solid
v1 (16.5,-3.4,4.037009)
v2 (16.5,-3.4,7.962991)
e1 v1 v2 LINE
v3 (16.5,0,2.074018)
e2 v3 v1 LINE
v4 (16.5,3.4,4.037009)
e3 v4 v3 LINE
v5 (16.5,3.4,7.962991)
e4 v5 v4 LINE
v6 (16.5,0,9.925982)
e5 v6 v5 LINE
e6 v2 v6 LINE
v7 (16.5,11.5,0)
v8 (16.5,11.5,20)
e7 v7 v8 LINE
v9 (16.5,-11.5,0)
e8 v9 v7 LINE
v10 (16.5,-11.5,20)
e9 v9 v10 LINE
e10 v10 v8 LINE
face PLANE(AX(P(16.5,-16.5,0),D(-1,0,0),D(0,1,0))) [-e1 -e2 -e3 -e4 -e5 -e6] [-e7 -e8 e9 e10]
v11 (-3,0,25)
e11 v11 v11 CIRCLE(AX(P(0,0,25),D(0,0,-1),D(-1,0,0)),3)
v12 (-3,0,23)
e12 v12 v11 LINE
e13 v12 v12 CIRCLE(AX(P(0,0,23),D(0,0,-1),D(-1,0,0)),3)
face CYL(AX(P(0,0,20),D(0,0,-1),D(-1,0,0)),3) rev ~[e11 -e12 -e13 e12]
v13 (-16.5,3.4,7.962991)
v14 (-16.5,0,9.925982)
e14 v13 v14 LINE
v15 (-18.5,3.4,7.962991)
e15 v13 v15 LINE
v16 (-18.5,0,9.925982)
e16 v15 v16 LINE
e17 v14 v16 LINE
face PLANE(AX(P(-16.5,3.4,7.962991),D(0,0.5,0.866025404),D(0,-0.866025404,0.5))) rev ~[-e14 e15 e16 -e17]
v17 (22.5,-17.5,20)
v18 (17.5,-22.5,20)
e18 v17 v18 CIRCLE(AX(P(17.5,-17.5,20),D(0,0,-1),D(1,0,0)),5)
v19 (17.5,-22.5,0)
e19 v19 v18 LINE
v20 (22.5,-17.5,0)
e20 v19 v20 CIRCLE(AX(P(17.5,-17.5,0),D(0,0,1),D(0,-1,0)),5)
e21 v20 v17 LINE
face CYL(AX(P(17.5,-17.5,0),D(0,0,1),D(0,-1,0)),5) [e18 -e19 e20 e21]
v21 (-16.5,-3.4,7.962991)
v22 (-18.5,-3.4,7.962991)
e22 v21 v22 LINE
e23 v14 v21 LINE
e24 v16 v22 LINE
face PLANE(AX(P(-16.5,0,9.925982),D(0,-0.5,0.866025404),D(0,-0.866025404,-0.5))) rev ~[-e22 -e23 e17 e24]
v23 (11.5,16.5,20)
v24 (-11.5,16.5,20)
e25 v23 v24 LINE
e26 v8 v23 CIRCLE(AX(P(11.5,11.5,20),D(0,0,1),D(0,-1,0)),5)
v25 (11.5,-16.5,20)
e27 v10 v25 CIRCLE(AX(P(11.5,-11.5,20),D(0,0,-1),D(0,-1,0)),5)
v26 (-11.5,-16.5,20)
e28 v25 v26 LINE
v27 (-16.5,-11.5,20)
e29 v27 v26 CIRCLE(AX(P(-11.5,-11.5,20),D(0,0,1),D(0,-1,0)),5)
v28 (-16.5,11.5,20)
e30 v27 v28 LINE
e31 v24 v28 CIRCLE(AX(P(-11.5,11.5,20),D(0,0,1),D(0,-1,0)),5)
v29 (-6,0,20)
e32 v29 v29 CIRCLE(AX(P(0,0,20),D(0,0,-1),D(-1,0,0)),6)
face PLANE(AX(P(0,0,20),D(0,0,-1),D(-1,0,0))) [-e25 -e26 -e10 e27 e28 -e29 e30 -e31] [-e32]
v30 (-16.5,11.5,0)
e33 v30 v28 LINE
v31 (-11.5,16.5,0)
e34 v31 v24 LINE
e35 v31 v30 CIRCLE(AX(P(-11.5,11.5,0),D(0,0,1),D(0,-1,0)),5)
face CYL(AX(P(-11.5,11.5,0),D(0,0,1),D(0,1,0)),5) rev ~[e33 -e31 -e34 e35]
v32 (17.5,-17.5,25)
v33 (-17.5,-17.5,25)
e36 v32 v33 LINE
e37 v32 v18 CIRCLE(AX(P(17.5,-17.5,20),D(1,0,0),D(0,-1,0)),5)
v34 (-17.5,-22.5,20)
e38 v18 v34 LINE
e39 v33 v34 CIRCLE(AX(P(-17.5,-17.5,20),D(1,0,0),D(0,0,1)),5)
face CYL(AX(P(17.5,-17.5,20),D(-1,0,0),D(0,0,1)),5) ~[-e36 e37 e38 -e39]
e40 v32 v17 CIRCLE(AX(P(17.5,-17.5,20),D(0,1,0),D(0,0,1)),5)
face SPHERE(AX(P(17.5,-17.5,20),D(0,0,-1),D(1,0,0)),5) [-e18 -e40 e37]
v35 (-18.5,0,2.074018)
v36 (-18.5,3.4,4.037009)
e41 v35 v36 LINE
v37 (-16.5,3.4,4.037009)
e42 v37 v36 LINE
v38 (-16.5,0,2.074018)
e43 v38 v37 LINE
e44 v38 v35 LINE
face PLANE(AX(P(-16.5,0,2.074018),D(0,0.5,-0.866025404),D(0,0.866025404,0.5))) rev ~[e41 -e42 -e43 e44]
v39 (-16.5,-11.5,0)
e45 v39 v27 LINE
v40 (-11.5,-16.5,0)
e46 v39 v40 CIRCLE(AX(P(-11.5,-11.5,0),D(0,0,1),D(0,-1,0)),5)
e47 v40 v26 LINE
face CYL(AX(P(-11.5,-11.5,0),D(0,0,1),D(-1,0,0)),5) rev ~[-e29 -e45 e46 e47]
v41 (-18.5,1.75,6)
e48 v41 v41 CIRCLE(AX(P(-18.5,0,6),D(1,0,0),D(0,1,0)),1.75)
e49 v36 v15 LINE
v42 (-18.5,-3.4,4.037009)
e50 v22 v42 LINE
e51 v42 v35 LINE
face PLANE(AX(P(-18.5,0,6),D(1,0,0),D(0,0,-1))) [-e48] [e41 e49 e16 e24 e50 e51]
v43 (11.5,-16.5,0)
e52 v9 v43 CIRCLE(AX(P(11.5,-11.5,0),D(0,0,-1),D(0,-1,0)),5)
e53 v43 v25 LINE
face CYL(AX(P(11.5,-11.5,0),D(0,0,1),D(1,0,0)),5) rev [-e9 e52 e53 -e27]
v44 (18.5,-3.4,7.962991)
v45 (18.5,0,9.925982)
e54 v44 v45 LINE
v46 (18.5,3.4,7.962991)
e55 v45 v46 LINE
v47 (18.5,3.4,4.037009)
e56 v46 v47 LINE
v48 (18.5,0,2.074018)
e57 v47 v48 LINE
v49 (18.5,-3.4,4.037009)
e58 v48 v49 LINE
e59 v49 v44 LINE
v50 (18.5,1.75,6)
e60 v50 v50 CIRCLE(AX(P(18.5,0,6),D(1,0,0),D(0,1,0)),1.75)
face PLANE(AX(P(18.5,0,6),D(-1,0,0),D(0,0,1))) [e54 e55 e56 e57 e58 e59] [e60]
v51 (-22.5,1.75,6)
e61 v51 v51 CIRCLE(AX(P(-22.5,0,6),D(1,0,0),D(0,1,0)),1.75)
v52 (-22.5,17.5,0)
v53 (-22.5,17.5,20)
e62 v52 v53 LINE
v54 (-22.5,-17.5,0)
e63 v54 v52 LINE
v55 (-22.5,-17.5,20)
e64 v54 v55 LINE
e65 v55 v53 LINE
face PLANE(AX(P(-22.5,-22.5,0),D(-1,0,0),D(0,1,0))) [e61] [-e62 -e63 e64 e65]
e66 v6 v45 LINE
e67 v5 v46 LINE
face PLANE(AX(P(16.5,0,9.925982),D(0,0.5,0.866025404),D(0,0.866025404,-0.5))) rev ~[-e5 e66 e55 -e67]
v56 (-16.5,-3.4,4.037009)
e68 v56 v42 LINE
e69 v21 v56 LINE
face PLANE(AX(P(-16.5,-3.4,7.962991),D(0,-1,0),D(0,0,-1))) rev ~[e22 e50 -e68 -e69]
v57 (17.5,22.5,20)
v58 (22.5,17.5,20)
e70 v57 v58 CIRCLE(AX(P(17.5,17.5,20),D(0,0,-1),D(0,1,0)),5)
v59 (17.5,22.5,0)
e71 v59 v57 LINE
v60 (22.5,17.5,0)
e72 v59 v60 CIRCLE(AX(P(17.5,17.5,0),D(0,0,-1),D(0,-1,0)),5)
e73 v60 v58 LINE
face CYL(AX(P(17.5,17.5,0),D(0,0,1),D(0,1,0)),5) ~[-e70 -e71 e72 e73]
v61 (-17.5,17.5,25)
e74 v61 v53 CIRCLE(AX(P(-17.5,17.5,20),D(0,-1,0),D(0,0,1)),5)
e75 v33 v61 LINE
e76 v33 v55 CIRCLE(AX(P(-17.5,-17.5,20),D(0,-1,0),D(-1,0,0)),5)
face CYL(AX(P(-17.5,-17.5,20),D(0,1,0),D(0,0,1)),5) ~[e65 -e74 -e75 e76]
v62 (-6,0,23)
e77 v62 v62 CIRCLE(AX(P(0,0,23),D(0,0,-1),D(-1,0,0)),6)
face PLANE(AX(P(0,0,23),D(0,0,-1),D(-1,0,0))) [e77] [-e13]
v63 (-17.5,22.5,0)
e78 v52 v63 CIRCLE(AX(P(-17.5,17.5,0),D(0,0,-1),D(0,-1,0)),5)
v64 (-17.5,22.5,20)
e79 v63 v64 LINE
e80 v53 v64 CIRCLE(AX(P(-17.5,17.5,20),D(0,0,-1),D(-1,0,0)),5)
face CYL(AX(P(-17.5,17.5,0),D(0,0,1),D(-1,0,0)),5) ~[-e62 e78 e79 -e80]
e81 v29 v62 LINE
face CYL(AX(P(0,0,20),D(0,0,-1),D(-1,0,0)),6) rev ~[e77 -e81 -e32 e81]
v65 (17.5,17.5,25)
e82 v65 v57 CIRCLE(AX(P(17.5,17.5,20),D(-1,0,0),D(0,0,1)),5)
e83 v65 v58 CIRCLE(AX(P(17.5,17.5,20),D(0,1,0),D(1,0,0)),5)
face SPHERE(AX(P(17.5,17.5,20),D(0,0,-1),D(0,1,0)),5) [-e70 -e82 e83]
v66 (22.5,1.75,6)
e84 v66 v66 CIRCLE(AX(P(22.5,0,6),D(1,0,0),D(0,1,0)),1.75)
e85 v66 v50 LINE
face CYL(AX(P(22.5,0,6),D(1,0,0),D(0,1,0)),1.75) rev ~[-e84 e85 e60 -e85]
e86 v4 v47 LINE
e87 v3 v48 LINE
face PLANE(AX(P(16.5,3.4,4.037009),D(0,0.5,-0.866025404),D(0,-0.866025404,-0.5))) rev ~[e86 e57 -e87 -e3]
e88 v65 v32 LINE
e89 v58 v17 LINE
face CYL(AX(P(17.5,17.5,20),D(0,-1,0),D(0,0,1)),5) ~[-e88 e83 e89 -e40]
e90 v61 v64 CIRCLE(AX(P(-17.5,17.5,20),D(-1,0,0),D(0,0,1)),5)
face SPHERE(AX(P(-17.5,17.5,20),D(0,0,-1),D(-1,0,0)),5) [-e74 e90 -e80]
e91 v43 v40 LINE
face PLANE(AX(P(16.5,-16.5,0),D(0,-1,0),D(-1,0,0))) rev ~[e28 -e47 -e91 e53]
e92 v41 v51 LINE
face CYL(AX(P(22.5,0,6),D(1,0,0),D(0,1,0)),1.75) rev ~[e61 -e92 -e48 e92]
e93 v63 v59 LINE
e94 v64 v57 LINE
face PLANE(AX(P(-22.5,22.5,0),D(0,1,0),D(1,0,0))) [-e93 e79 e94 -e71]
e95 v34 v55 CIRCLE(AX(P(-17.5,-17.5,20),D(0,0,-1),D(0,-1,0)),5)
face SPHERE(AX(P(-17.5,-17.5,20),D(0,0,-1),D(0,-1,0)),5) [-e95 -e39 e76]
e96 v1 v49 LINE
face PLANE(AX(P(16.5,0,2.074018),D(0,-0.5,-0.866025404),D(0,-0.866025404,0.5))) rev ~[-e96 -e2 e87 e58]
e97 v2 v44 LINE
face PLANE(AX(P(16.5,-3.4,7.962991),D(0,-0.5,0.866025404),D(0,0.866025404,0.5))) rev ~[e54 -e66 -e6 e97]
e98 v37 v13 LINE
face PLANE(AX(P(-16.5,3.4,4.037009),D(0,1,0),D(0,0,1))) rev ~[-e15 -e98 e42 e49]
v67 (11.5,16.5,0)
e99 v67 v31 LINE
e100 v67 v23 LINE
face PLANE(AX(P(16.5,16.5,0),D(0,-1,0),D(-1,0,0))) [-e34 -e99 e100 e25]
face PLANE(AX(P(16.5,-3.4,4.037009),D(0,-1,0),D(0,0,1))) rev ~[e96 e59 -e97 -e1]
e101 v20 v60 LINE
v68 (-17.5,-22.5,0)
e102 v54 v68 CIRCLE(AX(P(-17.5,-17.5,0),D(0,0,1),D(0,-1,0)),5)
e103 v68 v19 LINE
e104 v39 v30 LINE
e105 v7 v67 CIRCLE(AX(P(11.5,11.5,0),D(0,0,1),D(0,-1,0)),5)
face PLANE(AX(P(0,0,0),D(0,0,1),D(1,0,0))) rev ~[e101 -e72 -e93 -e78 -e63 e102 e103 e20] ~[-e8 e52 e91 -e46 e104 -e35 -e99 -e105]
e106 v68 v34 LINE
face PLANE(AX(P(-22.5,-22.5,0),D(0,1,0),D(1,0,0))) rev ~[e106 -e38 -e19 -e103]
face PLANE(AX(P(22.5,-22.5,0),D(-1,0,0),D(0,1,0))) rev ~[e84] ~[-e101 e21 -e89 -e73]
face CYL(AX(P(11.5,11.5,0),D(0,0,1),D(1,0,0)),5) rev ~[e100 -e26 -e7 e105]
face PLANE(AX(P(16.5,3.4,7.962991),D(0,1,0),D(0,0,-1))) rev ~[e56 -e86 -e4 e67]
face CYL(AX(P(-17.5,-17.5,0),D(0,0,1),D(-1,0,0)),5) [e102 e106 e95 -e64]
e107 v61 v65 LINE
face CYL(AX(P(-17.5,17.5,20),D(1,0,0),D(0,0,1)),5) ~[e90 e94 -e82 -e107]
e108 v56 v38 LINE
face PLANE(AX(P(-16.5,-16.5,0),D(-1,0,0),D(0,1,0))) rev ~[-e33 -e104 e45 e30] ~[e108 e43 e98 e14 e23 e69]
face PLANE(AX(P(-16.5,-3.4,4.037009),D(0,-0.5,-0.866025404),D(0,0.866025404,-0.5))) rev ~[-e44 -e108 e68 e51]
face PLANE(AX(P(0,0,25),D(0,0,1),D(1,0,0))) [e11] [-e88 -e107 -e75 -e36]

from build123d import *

# Parameters (mm, degrees)
CROQUIS1_W              = 45
CROQUIS1_H              = 45
SALIENTE_EXTRUIR1_DEPTH = 25
CROQUIS2_W              = 33
CROQUIS2_H              = 33
CORTAR_EXTRUIR1_DEPTH   = 20
CROQUIS3_R              = 6
CORTAR_EXTRUIR2_DEPTH   = 3
CROQUIS4_R              = 3
CORTAR_EXTRUIR3_DEPTH   = 6
CROQUIS5_R              = 1.75
CORTAR_EXTRUIR4_DEPTH   = 56
CORTAR_EXTRUIR5_DEPTH   = 2
CORTAR_EXTRUIR6_DEPTH   = 2
REDONDEO1_R             = 5
REDONDEO2_R             = 5


with BuildPart() as part:
    # Croquis1 → Saliente-Extruir1 (new body)
    with BuildSketch(Plane.XY):
        Rectangle(CROQUIS1_W, CROQUIS1_H)
    extrude(amount=SALIENTE_EXTRUIR1_DEPTH)

    # Croquis2 → Cortar-Extruir1 (cut)
    with BuildSketch(Plane(origin=(0, 0, 0), x_dir=(-1, 0, 0), z_dir=(0, 0, -1))):
        Rectangle(CROQUIS2_W, CROQUIS2_H)
    extrude(amount=-CORTAR_EXTRUIR1_DEPTH, mode=Mode.SUBTRACT)

    # Croquis3 → Cortar-Extruir2 (cut)
    with BuildSketch(Plane(origin=(0, 0, 20), x_dir=(-1, 0, 0), z_dir=(0, 0, -1))):
        Circle(CROQUIS3_R)
    extrude(amount=-CORTAR_EXTRUIR2_DEPTH, mode=Mode.SUBTRACT)

    # Croquis4 → Cortar-Extruir3 (cut)
    with BuildSketch(Plane(origin=(0, 0, 20), x_dir=(-1, 0, 0), z_dir=(0, 0, -1))):
        Circle(CROQUIS4_R)
    extrude(amount=-CORTAR_EXTRUIR3_DEPTH, mode=Mode.SUBTRACT)

    # Croquis5 → Cortar-Extruir4 (cut)
    with BuildSketch(Plane(origin=(22.5, 0, 0), x_dir=(0, 0, -1), z_dir=(1, 0, 0))):
        with Locations(Location((-6, 0, 0), (0, 0, 90))):
            Circle(CROQUIS5_R)
    extrude(amount=-CORTAR_EXTRUIR4_DEPTH, mode=Mode.SUBTRACT)

    # Croquis6 → Cortar-Extruir5 (cut)
    with BuildSketch(Plane.ZY.offset(-16.5)):
        Polygon((7.962990915, -3.4), (9.92598183, 0), (7.962990915, 3.4), (4.037009085, 3.4), (2.07401817, 0), (4.037009085, -3.4), align=None)
    extrude(amount=-CORTAR_EXTRUIR5_DEPTH, mode=Mode.SUBTRACT)

    # Croquis7 → Cortar-Extruir6 (cut)
    with BuildSketch(Plane(origin=(-16.5, 0, 0), x_dir=(0, 0, -1), z_dir=(1, 0, 0))):
        Polygon((-2.07401817, 0), (-4.037009085, 3.4), (-7.962990915, 3.4), (-9.92598183, 0), (-7.962990915, -3.4), (-4.037009085, -3.4), align=None)
    extrude(amount=-CORTAR_EXTRUIR6_DEPTH, mode=Mode.SUBTRACT)

    # Redondeo1
    redondeo1_edges = [part.edges().sort_by_distance(p)[0] for p in [
        (-16.5, 16.5, 10),
        (-16.5, -16.5, 10),
        (16.5, -16.5, 10),
        (16.5, 16.5, 10),
        (22.5, -22.5, 12.5),
        (-22.5, -22.5, 12.5),
        (-22.5, 22.5, 12.5),
        (22.5, 22.5, 12.5),
    ]]
    fillet(redondeo1_edges, radius=REDONDEO1_R)

    # Redondeo2
    redondeo2_edges = [part.edges().sort_by_distance(p)[0] for p in [
        (0, 22.5, 25),
        (22.5, 0, 25),
        (0, -22.5, 25),
        (21.035533906, 21.035533906, 25),
        (21.035533906, -21.035533906, 25),
        (-21.035533906, -21.035533906, 25),
        (-21.035533906, 21.035533906, 25),
        (-22.5, 0, 25),
    ]]
    fillet(redondeo2_edges, radius=REDONDEO2_R)


solid = part.part
